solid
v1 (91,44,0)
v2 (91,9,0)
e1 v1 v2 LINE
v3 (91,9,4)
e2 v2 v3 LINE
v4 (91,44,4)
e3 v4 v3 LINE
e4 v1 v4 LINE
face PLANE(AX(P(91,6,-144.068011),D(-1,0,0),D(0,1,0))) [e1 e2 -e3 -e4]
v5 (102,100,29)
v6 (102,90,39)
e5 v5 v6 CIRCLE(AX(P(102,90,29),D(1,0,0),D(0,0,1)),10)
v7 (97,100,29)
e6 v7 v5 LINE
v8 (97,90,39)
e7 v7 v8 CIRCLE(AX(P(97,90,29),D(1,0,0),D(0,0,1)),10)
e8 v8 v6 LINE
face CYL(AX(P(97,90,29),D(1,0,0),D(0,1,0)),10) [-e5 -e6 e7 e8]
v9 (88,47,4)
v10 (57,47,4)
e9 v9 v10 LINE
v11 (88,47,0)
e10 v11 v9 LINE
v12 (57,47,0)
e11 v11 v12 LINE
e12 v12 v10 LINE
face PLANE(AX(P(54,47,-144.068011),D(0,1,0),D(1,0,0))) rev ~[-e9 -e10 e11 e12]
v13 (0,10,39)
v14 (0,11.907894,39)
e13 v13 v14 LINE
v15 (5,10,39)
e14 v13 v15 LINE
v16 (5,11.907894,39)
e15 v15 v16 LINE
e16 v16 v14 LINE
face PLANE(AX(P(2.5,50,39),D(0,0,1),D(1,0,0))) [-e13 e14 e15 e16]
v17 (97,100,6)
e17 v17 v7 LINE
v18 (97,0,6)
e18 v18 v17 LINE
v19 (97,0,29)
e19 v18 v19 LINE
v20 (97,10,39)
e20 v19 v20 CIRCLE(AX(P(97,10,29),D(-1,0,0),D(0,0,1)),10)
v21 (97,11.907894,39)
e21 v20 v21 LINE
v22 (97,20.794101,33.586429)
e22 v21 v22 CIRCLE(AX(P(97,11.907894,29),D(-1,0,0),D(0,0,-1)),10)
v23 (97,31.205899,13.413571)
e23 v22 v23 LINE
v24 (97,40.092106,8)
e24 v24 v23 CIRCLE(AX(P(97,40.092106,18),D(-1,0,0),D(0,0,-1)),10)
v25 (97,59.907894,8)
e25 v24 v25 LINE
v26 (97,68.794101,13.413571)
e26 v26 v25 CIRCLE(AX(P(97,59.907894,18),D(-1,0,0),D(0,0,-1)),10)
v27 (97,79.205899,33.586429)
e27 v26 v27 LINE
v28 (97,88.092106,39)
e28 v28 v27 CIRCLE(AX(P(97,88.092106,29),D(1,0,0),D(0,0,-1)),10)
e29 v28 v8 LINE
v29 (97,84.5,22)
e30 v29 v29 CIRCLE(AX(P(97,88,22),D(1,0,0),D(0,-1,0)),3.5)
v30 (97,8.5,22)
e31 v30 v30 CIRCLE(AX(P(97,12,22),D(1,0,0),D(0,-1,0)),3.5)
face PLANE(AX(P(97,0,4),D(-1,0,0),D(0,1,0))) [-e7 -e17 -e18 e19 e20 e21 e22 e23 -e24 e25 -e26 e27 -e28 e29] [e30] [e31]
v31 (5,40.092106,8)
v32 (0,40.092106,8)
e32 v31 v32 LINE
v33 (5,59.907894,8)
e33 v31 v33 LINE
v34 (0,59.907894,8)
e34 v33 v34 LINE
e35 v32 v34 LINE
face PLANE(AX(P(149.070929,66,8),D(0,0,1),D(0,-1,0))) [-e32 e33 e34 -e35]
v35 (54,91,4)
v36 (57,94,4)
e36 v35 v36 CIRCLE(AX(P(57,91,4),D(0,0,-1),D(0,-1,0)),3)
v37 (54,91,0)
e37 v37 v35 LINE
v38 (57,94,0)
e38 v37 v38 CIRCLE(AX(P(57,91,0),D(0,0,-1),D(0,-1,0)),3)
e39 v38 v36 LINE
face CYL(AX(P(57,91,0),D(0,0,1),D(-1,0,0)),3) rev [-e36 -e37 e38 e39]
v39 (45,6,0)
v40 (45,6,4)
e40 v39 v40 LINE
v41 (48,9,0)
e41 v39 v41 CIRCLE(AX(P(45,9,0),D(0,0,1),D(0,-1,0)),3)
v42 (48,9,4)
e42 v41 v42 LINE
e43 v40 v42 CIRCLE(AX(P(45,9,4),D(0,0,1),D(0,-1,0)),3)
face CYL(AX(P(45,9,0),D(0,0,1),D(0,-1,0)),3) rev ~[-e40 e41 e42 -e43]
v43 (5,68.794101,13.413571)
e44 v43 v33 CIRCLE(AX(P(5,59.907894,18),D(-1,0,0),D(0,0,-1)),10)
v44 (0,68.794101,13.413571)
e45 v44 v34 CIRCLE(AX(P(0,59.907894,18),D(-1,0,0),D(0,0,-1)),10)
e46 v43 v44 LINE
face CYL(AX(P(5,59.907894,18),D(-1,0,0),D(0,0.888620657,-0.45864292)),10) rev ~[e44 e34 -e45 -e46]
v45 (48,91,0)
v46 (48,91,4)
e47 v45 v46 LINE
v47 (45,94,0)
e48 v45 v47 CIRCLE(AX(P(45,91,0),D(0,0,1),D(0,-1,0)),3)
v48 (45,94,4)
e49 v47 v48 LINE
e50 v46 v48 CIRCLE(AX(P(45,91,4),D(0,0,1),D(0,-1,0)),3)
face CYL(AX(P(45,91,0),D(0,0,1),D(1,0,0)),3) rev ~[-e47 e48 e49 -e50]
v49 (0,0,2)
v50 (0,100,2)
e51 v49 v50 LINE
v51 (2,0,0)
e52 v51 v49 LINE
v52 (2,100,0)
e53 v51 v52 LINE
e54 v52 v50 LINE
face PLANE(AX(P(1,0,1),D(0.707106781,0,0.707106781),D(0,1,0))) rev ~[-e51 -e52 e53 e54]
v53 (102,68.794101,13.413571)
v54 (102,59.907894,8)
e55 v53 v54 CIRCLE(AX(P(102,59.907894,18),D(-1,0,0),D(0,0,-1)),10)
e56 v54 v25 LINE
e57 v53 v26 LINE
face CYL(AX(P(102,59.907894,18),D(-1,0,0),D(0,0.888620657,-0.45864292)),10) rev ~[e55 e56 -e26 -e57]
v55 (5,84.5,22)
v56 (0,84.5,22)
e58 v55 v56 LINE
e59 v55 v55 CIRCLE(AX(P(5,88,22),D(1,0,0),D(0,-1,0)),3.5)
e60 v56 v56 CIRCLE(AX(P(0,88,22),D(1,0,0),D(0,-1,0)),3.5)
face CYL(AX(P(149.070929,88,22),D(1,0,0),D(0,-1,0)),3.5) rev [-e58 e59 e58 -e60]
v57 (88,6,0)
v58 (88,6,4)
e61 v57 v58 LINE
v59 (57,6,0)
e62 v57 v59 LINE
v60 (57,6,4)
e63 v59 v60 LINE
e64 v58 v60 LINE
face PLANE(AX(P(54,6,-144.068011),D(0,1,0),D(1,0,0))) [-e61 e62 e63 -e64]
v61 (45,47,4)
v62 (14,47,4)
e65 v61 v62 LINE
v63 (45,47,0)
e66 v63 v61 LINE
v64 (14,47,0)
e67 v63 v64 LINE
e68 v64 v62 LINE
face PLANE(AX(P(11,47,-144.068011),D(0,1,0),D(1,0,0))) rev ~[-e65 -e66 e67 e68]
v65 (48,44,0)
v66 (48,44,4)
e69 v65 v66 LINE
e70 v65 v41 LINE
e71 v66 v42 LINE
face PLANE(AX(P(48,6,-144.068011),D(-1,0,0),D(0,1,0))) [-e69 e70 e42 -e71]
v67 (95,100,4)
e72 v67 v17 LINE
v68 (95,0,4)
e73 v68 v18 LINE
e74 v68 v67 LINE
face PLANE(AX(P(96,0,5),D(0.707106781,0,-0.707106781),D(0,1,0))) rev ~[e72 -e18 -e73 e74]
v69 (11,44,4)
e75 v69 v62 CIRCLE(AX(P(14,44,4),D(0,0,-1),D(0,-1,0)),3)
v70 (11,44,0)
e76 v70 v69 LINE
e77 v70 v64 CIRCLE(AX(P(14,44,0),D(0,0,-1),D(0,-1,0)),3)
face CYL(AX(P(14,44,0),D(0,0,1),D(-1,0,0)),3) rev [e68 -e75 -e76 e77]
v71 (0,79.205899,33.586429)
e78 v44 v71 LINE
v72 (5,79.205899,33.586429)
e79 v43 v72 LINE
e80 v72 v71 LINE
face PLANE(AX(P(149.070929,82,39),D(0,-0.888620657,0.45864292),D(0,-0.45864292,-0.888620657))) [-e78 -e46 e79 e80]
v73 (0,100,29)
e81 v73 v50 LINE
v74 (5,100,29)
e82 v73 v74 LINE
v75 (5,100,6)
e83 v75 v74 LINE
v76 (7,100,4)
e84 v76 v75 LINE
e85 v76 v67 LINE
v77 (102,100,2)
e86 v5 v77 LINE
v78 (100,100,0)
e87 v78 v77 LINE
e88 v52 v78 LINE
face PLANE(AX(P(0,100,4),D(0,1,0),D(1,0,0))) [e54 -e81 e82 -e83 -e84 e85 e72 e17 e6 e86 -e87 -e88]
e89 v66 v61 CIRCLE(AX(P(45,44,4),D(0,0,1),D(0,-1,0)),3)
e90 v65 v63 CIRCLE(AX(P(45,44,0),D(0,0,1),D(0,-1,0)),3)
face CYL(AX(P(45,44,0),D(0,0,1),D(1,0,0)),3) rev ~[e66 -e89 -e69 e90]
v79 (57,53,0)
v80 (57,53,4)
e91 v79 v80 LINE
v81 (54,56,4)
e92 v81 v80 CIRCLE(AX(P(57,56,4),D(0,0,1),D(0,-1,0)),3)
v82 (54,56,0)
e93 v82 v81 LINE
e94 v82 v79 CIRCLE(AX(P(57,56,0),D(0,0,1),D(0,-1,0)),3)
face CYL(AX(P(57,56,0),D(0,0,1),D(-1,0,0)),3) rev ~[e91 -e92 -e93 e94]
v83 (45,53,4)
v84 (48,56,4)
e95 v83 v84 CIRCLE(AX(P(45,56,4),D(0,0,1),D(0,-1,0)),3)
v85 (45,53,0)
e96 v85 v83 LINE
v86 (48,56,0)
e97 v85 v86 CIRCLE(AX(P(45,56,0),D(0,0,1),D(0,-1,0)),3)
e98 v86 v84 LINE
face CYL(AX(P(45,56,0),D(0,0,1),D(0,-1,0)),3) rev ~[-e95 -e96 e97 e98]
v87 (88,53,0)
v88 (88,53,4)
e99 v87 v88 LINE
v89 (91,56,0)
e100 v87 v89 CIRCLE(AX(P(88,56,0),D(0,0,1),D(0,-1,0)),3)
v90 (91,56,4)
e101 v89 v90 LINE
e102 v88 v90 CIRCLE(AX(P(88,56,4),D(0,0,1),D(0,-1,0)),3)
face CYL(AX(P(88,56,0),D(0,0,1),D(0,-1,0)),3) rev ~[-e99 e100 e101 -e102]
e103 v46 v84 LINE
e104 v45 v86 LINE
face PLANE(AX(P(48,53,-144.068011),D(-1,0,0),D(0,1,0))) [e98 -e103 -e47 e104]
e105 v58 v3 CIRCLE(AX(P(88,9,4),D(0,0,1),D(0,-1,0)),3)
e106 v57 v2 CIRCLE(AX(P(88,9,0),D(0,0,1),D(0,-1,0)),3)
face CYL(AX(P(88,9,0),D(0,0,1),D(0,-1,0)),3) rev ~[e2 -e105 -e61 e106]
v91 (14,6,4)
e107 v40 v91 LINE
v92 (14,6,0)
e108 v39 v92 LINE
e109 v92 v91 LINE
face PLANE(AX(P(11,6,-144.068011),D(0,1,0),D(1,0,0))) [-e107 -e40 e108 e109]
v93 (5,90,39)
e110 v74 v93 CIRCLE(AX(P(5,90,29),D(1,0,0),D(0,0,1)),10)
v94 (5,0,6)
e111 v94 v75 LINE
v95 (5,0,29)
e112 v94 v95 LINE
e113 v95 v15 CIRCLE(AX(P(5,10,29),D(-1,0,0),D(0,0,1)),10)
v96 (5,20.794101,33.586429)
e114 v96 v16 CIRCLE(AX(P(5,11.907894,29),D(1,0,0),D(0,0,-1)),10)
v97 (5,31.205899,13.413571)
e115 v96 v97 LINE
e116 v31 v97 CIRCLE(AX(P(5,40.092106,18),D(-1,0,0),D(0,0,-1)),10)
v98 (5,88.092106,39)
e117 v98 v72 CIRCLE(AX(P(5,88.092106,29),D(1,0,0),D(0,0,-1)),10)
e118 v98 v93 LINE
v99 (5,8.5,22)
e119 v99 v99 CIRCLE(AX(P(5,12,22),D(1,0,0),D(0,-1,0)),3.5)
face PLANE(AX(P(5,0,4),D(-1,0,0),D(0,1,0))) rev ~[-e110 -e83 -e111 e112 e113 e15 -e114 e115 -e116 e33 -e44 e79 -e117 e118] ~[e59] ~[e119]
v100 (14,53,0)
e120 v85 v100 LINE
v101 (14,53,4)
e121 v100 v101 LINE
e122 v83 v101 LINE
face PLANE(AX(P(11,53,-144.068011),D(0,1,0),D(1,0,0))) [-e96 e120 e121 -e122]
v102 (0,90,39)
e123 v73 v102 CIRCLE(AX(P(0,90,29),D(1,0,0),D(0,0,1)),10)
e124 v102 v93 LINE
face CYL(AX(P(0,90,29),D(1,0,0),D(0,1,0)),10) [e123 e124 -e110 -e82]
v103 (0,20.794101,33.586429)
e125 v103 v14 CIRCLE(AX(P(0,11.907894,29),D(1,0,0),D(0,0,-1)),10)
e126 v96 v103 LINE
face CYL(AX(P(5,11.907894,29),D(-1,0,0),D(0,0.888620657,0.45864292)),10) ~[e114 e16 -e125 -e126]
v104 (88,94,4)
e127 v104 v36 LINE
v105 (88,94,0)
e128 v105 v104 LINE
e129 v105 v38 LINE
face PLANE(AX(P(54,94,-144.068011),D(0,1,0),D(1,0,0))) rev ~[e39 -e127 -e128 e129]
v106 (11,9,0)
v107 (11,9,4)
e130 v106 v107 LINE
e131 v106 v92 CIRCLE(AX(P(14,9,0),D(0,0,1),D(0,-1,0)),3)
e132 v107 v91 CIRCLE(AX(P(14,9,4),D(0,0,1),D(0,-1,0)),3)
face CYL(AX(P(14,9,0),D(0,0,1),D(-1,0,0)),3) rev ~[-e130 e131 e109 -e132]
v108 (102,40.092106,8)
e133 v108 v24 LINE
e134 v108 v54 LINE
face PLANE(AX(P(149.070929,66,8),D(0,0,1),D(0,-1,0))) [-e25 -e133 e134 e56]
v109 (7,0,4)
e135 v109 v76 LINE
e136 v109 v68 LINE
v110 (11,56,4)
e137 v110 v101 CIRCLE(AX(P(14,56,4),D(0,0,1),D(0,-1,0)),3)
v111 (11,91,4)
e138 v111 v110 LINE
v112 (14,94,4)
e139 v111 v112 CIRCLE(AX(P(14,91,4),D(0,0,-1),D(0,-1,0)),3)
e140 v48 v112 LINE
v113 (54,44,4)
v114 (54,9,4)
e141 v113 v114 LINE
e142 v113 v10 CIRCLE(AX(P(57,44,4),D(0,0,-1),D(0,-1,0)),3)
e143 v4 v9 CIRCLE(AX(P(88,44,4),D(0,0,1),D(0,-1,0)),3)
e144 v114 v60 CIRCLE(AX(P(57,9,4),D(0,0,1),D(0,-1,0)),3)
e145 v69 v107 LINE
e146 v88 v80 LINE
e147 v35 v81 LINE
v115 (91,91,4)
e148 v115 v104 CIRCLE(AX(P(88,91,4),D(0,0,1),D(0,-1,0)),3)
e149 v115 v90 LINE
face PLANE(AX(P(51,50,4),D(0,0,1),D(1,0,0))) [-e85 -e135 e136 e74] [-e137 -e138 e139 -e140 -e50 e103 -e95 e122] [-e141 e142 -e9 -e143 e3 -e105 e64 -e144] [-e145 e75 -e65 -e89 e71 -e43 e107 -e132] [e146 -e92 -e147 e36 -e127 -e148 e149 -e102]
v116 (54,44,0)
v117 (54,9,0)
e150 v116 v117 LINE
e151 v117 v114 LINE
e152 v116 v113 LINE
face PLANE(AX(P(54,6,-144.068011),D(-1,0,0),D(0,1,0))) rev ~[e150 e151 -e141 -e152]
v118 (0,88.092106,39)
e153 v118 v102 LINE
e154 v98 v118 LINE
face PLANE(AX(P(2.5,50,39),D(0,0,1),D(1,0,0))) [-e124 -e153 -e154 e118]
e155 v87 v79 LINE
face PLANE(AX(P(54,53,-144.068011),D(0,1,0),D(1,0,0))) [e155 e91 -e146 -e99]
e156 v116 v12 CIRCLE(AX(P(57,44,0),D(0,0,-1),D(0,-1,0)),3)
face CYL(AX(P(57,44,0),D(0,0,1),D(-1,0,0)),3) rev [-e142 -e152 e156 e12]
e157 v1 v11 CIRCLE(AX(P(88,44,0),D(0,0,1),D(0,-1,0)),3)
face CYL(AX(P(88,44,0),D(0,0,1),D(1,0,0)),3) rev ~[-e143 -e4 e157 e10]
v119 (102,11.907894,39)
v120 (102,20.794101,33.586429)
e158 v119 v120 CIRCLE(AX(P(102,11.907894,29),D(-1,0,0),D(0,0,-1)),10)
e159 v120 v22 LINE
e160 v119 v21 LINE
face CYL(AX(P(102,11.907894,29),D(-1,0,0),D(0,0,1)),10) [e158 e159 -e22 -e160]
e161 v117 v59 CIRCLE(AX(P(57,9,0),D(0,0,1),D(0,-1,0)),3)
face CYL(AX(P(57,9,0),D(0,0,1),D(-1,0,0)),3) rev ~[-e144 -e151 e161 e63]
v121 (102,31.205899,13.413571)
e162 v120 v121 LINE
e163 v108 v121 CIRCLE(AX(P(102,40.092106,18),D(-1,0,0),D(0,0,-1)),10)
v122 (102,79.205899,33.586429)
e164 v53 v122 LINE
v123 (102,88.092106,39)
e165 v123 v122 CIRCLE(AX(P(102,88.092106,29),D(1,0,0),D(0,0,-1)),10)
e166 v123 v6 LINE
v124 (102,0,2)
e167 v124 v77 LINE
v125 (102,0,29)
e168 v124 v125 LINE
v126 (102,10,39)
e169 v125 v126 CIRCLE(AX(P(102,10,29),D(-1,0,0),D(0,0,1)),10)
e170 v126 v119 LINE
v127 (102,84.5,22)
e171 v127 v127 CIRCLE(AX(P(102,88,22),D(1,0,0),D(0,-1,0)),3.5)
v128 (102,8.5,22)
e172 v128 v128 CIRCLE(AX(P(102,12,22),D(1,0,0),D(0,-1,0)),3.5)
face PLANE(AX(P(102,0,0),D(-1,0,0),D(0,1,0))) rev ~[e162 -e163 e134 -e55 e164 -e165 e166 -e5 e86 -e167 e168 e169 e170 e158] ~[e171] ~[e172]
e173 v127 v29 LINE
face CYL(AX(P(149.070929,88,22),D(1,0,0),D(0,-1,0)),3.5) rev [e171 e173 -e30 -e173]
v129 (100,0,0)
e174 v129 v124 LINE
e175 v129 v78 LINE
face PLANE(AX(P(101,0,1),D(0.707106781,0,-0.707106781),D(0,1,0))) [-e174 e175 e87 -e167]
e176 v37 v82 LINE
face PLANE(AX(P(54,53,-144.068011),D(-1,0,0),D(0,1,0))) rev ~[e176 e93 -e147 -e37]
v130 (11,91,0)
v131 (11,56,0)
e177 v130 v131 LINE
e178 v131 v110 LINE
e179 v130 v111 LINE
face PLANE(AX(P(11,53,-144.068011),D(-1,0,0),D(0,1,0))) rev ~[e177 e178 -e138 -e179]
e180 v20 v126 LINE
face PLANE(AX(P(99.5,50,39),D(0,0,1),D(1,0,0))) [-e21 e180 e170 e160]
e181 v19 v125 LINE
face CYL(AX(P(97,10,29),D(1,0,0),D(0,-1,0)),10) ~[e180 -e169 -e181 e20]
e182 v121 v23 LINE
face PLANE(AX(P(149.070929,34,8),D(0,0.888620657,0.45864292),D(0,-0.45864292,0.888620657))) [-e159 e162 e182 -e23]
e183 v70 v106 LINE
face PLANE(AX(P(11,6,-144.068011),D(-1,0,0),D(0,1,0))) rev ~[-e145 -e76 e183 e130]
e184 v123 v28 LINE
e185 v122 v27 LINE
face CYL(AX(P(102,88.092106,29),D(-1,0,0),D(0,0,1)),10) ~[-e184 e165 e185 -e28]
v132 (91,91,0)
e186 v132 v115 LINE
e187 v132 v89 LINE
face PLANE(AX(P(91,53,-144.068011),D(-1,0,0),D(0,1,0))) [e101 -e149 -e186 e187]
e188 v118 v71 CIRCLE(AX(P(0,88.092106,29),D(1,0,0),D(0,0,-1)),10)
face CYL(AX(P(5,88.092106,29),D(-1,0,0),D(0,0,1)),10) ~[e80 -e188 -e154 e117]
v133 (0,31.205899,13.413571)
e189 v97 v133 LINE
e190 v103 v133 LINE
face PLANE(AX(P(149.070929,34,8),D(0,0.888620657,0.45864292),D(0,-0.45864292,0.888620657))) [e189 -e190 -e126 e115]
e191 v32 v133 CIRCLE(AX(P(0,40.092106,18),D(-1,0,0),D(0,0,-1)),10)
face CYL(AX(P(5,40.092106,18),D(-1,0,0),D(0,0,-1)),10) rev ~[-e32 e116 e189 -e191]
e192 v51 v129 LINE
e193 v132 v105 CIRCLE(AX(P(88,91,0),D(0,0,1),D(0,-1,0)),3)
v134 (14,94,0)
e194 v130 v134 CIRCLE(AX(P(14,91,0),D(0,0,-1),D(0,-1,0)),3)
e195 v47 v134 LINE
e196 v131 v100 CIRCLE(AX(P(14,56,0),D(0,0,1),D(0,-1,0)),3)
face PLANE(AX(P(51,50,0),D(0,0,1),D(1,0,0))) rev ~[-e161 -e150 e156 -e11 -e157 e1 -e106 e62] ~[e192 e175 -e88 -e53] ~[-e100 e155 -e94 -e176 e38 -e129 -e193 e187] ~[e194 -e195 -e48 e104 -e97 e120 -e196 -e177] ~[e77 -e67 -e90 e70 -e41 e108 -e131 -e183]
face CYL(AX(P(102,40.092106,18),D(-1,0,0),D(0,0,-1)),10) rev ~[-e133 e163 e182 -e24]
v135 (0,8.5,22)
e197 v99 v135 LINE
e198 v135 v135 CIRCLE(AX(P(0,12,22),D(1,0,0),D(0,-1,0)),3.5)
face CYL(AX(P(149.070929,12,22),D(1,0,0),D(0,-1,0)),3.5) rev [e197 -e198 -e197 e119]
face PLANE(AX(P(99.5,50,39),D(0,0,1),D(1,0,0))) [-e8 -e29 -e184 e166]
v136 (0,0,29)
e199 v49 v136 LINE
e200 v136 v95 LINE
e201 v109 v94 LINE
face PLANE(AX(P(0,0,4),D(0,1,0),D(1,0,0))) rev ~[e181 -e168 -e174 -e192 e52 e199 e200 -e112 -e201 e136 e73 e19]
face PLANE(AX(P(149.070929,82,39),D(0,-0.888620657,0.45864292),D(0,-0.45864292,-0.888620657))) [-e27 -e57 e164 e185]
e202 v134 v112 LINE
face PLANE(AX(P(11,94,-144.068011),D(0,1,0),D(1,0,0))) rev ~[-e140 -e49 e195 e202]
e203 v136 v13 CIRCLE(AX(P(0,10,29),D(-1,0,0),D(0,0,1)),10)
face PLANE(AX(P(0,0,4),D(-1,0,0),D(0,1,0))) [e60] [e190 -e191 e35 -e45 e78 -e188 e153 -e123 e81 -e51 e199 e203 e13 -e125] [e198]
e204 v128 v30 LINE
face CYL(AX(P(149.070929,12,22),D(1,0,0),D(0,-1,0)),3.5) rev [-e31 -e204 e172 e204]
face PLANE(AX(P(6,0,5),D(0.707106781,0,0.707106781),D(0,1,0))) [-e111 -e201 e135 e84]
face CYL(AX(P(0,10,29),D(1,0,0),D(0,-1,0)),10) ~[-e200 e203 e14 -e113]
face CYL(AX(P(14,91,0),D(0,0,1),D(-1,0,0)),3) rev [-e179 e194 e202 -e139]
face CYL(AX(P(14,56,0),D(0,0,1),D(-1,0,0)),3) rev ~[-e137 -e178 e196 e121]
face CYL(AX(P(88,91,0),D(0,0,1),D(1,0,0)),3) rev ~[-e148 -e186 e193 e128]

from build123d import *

# Parameters (mm, degrees)
ESQUISSE1_W                  = 102
ESQUISSE1_H                  = 100
BOSS_EXTRU_1_DEPTH           = 4
ESQUISSE2_W                  = 5
ESQUISSE2_H                  = 100
BOSS_EXTRU_2_DEPTH           = 35
ENL_V_MAT_EXTRU_1_DEPTH      = 149.07092895
ENL_V_MAT_EXTRU_1_DEPTH_BACK = 149.07092895
ESQUISSE3_R                  = 3.5
ENL_V_MAT_EXTRU_2_DEPTH      = 149.07092895
ENL_V_MAT_EXTRU_2_DEPTH_BACK = 149.07092895
CONG_1_R                     = 10
ENL_V_MAT_EXTRU_3_DEPTH      = 148.068011478
ENL_V_MAT_EXTRU_3_DEPTH_BACK = 148.068011478
ESQUISSE5_W                  = 37
ESQUISSE5_H                  = 41
CONG_2_R                     = 3
CHANFREIN1_SIZE              = 2


with BuildPart() as part:
    # Esquisse1 → Boss.-Extru.1 (new body)
    with BuildSketch(Plane.XY):
        with Locations((51, 50)):
            Rectangle(ESQUISSE1_W, ESQUISSE1_H)
    extrude(amount=BOSS_EXTRU_1_DEPTH)

    # Esquisse2 → Boss.-Extru.2 (add)
    with BuildSketch(Plane.XY.offset(4)):
        with Locations((2.5, 50)):
            Rectangle(ESQUISSE2_W, ESQUISSE2_H)
        with Locations((99.5, 50)):
            Rectangle(ESQUISSE2_W, ESQUISSE2_H)
    extrude(amount=BOSS_EXTRU_2_DEPTH)

    # Esquisse3 → Enlèv. mat.-Extru.1 (cut, two sides: drawn at the far end of the back side and taken through both)
    with BuildSketch(Plane.ZY.offset(-ENL_V_MAT_EXTRU_1_DEPTH_BACK)):
        with Locations(Location((22, 12, 0), (0, 0, 270))):
            Circle(ESQUISSE3_R)
        with Locations(Location((22, 88, 0), (0, 0, 270))):
            Circle(ESQUISSE3_R)
    extrude(amount=ENL_V_MAT_EXTRU_1_DEPTH + ENL_V_MAT_EXTRU_1_DEPTH_BACK, mode=Mode.SUBTRACT)

    # Esquisse4 → Enlèv. mat.-Extru.2 (cut, two sides: drawn at the far end of the back side and taken through both)
    with BuildSketch(Plane.ZY.offset(-ENL_V_MAT_EXTRU_2_DEPTH_BACK)):
        Polygon((39, 82), (8, 66), (8, 34), (39, 18), align=None)
    extrude(amount=ENL_V_MAT_EXTRU_2_DEPTH + ENL_V_MAT_EXTRU_2_DEPTH_BACK, mode=Mode.SUBTRACT)

    # Congé1
    cong_1_edges = [part.edges().sort_by_distance(p)[0] for p in [
        (99.5, 100, 39),
        (99.5, 0, 39),
        (2.5, 0, 39),
        (2.5, 100, 39),
        (2.5, 82, 39),
        (2.5, 18, 39),
        (99.5, 82, 39),
        (2.5, 34, 8),
        (99.5, 34, 8),
        (99.5, 18, 39),
        (2.5, 66, 8),
        (99.5, 66, 8),
    ]]
    fillet(cong_1_edges, radius=CONG_1_R)

    # Esquisse5 → Enlèv. mat.-Extru.3 (cut, two sides: drawn at the far end of the back side and taken through both)
    with BuildSketch(Plane.XY.offset(4).offset(-ENL_V_MAT_EXTRU_3_DEPTH_BACK)):
        with Locations((29.5, 73.5)):
            Rectangle(ESQUISSE5_W, ESQUISSE5_H)
        with Locations((29.5, 26.5)):
            Rectangle(ESQUISSE5_W, ESQUISSE5_H)
        with Locations((72.5, 26.5)):
            Rectangle(ESQUISSE5_W, ESQUISSE5_H)
        with Locations((72.5, 73.5)):
            Rectangle(ESQUISSE5_W, ESQUISSE5_H)
    extrude(amount=ENL_V_MAT_EXTRU_3_DEPTH + ENL_V_MAT_EXTRU_3_DEPTH_BACK, mode=Mode.SUBTRACT)

    # Congé2
    cong_2_edges = [part.edges().sort_by_distance(p)[0] for p in [
        (54, 94, 2),
        (91, 94, 2),
        (91, 53, 2),
        (54, 53, 2),
        (91, 47, 2),
        (91, 6, 2),
        (54, 6, 2),
        (54, 47, 2),
        (48, 6, 2),
        (11, 6, 2),
        (11, 47, 2),
        (48, 47, 2),
        (11, 53, 2),
        (11, 94, 2),
        (48, 94, 2),
        (48, 53, 2),
    ]]
    fillet(cong_2_edges, radius=CONG_2_R)

    # Chanfrein1
    chanfrein1_edges = [part.edges().sort_by_distance(p)[0] for p in [
        (97, 50, 4),
        (5, 50, 4),
        (102, 50, 0),
        (0, 50, 0),
    ]]
    chamfer(chanfrein1_edges, length=CHANFREIN1_SIZE)


solid = part.part
